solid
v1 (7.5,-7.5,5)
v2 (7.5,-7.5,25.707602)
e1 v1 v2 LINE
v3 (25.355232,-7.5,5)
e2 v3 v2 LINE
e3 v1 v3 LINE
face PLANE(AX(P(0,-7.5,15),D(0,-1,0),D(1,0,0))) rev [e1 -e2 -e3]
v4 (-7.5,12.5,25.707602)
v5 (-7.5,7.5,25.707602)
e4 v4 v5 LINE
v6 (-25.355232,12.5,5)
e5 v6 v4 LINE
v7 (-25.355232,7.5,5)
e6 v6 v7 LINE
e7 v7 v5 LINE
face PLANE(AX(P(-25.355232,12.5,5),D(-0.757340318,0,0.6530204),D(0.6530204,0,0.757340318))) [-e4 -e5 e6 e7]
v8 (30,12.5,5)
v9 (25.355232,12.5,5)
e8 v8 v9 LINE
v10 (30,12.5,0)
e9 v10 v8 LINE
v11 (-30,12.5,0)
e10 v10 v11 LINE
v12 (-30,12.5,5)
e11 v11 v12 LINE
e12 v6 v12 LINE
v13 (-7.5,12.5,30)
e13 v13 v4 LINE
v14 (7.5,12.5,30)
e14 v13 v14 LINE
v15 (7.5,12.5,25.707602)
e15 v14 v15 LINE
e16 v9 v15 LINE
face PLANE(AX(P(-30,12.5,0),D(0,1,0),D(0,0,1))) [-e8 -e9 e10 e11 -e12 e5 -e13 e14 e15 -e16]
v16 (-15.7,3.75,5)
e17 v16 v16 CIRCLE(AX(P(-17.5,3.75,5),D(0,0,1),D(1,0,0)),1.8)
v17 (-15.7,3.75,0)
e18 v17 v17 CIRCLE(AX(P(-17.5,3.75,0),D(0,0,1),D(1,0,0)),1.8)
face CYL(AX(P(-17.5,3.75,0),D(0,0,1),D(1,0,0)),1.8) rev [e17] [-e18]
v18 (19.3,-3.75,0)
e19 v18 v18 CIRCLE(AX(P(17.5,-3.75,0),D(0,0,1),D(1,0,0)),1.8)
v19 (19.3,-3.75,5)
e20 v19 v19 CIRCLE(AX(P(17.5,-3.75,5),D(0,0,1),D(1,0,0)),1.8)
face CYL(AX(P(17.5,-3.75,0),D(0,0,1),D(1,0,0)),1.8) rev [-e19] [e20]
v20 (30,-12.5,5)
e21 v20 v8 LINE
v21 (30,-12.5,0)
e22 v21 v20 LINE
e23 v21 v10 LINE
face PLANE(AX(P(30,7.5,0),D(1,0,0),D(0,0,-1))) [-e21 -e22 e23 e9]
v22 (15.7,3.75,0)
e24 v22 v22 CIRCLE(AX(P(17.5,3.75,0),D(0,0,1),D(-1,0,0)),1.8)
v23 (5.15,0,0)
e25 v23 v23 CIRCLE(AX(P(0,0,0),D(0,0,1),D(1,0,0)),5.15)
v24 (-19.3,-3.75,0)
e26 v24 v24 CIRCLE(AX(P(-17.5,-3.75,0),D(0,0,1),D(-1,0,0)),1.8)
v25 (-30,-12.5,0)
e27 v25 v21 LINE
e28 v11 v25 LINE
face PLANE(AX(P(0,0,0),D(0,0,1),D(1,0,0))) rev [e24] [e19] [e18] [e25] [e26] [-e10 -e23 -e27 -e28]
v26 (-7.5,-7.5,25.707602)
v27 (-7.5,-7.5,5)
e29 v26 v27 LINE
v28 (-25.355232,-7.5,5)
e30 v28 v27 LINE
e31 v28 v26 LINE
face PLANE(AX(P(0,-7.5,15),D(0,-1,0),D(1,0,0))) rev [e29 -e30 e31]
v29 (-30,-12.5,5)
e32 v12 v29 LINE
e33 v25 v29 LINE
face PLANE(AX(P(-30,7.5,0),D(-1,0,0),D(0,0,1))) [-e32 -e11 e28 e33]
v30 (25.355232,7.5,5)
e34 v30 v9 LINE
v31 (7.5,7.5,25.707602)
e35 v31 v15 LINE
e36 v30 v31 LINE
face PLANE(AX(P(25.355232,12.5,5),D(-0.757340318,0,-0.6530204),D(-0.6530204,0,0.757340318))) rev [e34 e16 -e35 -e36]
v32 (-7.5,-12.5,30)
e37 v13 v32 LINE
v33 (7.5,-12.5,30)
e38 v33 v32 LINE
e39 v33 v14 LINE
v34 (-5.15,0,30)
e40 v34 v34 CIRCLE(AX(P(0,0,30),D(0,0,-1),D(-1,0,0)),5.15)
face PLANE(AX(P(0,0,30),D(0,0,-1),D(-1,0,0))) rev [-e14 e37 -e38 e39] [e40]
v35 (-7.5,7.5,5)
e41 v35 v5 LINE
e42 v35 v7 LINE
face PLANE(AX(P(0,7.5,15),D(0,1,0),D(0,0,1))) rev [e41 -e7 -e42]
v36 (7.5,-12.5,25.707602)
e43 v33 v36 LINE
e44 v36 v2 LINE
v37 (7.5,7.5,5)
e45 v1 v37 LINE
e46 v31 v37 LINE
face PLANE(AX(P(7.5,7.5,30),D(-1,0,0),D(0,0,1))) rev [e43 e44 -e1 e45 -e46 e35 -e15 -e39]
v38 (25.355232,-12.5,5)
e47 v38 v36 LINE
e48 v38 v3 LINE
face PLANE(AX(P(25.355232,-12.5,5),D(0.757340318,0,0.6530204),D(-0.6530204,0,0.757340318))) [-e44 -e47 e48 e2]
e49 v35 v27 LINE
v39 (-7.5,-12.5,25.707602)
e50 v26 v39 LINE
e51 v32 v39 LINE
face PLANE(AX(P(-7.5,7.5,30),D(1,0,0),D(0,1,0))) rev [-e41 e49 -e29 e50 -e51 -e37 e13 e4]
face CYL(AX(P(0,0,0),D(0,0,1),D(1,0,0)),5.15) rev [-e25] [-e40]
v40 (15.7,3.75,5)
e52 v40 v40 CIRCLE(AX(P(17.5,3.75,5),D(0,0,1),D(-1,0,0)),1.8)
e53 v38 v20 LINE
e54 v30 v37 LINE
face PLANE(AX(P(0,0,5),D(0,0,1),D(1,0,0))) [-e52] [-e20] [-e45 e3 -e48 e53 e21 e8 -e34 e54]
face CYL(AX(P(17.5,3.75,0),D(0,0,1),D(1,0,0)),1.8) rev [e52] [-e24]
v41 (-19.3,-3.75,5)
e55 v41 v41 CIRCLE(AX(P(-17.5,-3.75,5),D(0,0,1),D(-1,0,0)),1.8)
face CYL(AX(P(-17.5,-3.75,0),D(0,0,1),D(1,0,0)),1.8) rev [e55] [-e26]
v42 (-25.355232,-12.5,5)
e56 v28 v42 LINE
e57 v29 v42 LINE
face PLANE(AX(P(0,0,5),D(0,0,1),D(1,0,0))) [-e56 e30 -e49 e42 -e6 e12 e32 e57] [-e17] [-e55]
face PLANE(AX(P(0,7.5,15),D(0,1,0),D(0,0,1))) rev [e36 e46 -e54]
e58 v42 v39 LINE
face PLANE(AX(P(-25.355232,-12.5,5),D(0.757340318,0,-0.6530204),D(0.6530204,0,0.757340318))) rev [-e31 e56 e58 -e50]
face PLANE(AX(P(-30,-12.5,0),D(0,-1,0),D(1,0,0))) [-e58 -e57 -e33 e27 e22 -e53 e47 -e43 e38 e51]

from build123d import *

# Parameters (mm, degrees)
SKETCH_1_W               = 40
SKETCH_1_H               = 15
EXTRUDE_1_DEPTH          = 5
SKETCH_2_R               = 5.15
SKETCH_2_R_2             = 1.8
CUT_EXTRUDE_1_DEPTH      = 5
SKETCH_3_W               = 15
SKETCH_3_H               = 15
SKETCH_3_R               = 5.05
EXTRUDE_2_DEPTH          = 25
SKETCH_4_R               = 5.5
CUT_EXTRUDE_2_DEPTH      = 31
SKETCH_5_W               = 10
SKETCH_5_H               = 15
EXTRUDE_3_DEPTH          = 5
SKETCH_6_R               = 1.8
CUT_EXTRUDE_3_DEPTH      = 5
SKETCH_7_W               = 60
SKETCH_7_H               = 5
EXTRUDE_4_DEPTH          = 5
SKETCH_8_W               = 15
SKETCH_8_H               = 5
EXTRUDE_5_DEPTH          = 25
RIB_1_REACH              = 51.244
SKETCH_9_WALL_W          = 127.83111072
SKETCH_9_WALL_H          = 5
MIRROR_2_COPY_1_REACH    = 51.244
MIRROR_2_COPY_1_SKETCH_W = 127.83111072
MIRROR_2_COPY_1_SKETCH_H = 5
SKETCH_11_R              = 1.8
EXTRUDE_6_DEPTH          = 5
SKETCH_12_R              = 1.8
CUT_EXTRUDE_4_DEPTH      = 5
SKETCH_13_R              = 5.5
SKETCH_13_R_2            = 5.15
EXTRUDE_7_DEPTH          = 25


with BuildPart() as part:
    # 草图1 → 凸台-拉伸1 (new body)
    with BuildSketch(Plane.XY):
        Rectangle(SKETCH_1_W, SKETCH_1_H)
    extrude(amount=EXTRUDE_1_DEPTH)

    # 草图2 → 切除-拉伸1 (cut)
    with BuildSketch(Plane.XY.offset(5)):
        Circle(SKETCH_2_R)
        with Locations((-12, 0)):
            Circle(SKETCH_2_R_2)
        with Locations(Location((12, 0, 0), (0, 0, 180))):
            Circle(SKETCH_2_R_2)
    extrude(amount=-CUT_EXTRUDE_1_DEPTH, mode=Mode.SUBTRACT)

    # 草图3 → 凸台-拉伸2 (add)
    with BuildSketch(Plane.XY.offset(5)):
        Rectangle(SKETCH_3_W, SKETCH_3_H)
        Circle(SKETCH_3_R, mode=Mode.SUBTRACT)
    extrude(amount=EXTRUDE_2_DEPTH)

    # 草图4 → 切除-拉伸2 (cut)
    with BuildSketch(Plane(origin=(0, 0, 5), x_dir=(-1, 0, 0), z_dir=(0, 0, -1))):
        Circle(SKETCH_4_R)
    extrude(amount=-CUT_EXTRUDE_2_DEPTH, mode=Mode.SUBTRACT)

    # 草图5 → 凸台-拉伸3 (add)
    with BuildSketch(Plane.XY.offset(5)):
        with Locations((-25, 0)):
            Rectangle(SKETCH_5_W, SKETCH_5_H)
        with Locations((25, 0)):
            Rectangle(SKETCH_5_W, SKETCH_5_H)
    extrude(amount=-EXTRUDE_3_DEPTH)

    # 草图6 → 切除-拉伸3 (cut)
    with BuildSketch(Plane.XY.offset(5)):
        with Locations((-24, 0)):
            Circle(SKETCH_6_R)
        with Locations(Location((24, 0, 0), (0, 0, 180))):
            Circle(SKETCH_6_R)
    extrude(amount=-CUT_EXTRUDE_3_DEPTH, mode=Mode.SUBTRACT)

    # 草图7 → 凸台-拉伸4 (add)
    with BuildSketch(Plane.XY.offset(5)):
        with Locations((0, 10)):
            Rectangle(SKETCH_7_W, SKETCH_7_H)
        with Locations((0, -10)):
            Rectangle(SKETCH_7_W, SKETCH_7_H)
    extrude(amount=-EXTRUDE_4_DEPTH)

    # 草图8 → 凸台-拉伸5 (add)
    with BuildSketch(Plane.XY.offset(5)):
        with Locations((0, 10)):
            Rectangle(SKETCH_8_W, SKETCH_8_H)
        with Locations((0, -10)):
            Rectangle(SKETCH_8_W, SKETCH_8_H)
    extrude(amount=EXTRUDE_5_DEPTH)

    # 草图9 wall → 筋1 (add, up to next)
    with BuildSketch(Plane(origin=(-16.427615827, 12.5, 15.353801199), x_dir=(0.653020400469, 0, 0.75734031754), z_dir=(0.75734031754, 0, -0.653020400469)), mode=Mode.PRIVATE) as rib_1_sk1:
        with Locations((0, 2.5)):
            Rectangle(SKETCH_9_WALL_W, SKETCH_9_WALL_H)
    rib_1_tool1 = extrude(rib_1_sk1.sketch, amount=RIB_1_REACH, mode=Mode.PRIVATE) - part.part
    rib_1 = rib_1_tool1.solids().sort_by_distance((-16.427615827, 12.5, 15.353801199))[0]
    add(rib_1)

    # 镜向1: 筋1 across plane
    add(rib_1.mirror(Plane.ZX))

    # 镜向2: 筋1 across plane
    add(rib_1.mirror(Plane.ZY))

    # 镜向2 copy 1 sketch → 镜向2 copy 1 (add, up to next)
    with BuildSketch(Plane(origin=(16.427615827, -12.5, 15.353801199), x_dir=(-0.653020400469, 0, 0.75734031754), z_dir=(-0.75734031754, 0, -0.653020400469)), mode=Mode.PRIVATE) as mirror_2_copy_1_sk1:
        with Locations((0, 2.5)):
            Rectangle(MIRROR_2_COPY_1_SKETCH_W, MIRROR_2_COPY_1_SKETCH_H)
    mirror_2_copy_1_tool1 = extrude(mirror_2_copy_1_sk1.sketch, amount=MIRROR_2_COPY_1_REACH, mode=Mode.PRIVATE) - part.part
    add(mirror_2_copy_1_tool1.solids().sort_by_distance((16.427615827, -12.5, 15.353801199))[0])

    # 草图11 → 凸台-拉伸6 (add)
    with BuildSketch(Plane.XY.offset(5)):
        with Locations((-24, 0)):
            Circle(SKETCH_11_R)
        with Locations((-12, 0)):
            Circle(SKETCH_11_R)
        with Locations((12, 0)):
            Circle(SKETCH_11_R)
        with Locations((24, 0)):
            Circle(SKETCH_11_R)
    extrude(amount=-EXTRUDE_6_DEPTH)

    # 草图12 → 切除-拉伸4 (cut)
    with BuildSketch(Plane.XY.offset(5)):
        with Locations((-17.5, 3.75)):
            Circle(SKETCH_12_R)
        with Locations(Location((-17.5, -3.75, 0), (0, 0, 180))):
            Circle(SKETCH_12_R)
        with Locations((17.5, -3.75)):
            Circle(SKETCH_12_R)
        with Locations(Location((17.5, 3.75, 0), (0, 0, 180))):
            Circle(SKETCH_12_R)
    extrude(amount=-CUT_EXTRUDE_4_DEPTH, mode=Mode.SUBTRACT)

    # 草图13 → 凸台-拉伸7 (add)
    with BuildSketch(Plane.XY.offset(5)):
        Circle(SKETCH_13_R)
        Circle(SKETCH_13_R_2, mode=Mode.SUBTRACT)
    extrude(amount=EXTRUDE_7_DEPTH)


solid = part.part
